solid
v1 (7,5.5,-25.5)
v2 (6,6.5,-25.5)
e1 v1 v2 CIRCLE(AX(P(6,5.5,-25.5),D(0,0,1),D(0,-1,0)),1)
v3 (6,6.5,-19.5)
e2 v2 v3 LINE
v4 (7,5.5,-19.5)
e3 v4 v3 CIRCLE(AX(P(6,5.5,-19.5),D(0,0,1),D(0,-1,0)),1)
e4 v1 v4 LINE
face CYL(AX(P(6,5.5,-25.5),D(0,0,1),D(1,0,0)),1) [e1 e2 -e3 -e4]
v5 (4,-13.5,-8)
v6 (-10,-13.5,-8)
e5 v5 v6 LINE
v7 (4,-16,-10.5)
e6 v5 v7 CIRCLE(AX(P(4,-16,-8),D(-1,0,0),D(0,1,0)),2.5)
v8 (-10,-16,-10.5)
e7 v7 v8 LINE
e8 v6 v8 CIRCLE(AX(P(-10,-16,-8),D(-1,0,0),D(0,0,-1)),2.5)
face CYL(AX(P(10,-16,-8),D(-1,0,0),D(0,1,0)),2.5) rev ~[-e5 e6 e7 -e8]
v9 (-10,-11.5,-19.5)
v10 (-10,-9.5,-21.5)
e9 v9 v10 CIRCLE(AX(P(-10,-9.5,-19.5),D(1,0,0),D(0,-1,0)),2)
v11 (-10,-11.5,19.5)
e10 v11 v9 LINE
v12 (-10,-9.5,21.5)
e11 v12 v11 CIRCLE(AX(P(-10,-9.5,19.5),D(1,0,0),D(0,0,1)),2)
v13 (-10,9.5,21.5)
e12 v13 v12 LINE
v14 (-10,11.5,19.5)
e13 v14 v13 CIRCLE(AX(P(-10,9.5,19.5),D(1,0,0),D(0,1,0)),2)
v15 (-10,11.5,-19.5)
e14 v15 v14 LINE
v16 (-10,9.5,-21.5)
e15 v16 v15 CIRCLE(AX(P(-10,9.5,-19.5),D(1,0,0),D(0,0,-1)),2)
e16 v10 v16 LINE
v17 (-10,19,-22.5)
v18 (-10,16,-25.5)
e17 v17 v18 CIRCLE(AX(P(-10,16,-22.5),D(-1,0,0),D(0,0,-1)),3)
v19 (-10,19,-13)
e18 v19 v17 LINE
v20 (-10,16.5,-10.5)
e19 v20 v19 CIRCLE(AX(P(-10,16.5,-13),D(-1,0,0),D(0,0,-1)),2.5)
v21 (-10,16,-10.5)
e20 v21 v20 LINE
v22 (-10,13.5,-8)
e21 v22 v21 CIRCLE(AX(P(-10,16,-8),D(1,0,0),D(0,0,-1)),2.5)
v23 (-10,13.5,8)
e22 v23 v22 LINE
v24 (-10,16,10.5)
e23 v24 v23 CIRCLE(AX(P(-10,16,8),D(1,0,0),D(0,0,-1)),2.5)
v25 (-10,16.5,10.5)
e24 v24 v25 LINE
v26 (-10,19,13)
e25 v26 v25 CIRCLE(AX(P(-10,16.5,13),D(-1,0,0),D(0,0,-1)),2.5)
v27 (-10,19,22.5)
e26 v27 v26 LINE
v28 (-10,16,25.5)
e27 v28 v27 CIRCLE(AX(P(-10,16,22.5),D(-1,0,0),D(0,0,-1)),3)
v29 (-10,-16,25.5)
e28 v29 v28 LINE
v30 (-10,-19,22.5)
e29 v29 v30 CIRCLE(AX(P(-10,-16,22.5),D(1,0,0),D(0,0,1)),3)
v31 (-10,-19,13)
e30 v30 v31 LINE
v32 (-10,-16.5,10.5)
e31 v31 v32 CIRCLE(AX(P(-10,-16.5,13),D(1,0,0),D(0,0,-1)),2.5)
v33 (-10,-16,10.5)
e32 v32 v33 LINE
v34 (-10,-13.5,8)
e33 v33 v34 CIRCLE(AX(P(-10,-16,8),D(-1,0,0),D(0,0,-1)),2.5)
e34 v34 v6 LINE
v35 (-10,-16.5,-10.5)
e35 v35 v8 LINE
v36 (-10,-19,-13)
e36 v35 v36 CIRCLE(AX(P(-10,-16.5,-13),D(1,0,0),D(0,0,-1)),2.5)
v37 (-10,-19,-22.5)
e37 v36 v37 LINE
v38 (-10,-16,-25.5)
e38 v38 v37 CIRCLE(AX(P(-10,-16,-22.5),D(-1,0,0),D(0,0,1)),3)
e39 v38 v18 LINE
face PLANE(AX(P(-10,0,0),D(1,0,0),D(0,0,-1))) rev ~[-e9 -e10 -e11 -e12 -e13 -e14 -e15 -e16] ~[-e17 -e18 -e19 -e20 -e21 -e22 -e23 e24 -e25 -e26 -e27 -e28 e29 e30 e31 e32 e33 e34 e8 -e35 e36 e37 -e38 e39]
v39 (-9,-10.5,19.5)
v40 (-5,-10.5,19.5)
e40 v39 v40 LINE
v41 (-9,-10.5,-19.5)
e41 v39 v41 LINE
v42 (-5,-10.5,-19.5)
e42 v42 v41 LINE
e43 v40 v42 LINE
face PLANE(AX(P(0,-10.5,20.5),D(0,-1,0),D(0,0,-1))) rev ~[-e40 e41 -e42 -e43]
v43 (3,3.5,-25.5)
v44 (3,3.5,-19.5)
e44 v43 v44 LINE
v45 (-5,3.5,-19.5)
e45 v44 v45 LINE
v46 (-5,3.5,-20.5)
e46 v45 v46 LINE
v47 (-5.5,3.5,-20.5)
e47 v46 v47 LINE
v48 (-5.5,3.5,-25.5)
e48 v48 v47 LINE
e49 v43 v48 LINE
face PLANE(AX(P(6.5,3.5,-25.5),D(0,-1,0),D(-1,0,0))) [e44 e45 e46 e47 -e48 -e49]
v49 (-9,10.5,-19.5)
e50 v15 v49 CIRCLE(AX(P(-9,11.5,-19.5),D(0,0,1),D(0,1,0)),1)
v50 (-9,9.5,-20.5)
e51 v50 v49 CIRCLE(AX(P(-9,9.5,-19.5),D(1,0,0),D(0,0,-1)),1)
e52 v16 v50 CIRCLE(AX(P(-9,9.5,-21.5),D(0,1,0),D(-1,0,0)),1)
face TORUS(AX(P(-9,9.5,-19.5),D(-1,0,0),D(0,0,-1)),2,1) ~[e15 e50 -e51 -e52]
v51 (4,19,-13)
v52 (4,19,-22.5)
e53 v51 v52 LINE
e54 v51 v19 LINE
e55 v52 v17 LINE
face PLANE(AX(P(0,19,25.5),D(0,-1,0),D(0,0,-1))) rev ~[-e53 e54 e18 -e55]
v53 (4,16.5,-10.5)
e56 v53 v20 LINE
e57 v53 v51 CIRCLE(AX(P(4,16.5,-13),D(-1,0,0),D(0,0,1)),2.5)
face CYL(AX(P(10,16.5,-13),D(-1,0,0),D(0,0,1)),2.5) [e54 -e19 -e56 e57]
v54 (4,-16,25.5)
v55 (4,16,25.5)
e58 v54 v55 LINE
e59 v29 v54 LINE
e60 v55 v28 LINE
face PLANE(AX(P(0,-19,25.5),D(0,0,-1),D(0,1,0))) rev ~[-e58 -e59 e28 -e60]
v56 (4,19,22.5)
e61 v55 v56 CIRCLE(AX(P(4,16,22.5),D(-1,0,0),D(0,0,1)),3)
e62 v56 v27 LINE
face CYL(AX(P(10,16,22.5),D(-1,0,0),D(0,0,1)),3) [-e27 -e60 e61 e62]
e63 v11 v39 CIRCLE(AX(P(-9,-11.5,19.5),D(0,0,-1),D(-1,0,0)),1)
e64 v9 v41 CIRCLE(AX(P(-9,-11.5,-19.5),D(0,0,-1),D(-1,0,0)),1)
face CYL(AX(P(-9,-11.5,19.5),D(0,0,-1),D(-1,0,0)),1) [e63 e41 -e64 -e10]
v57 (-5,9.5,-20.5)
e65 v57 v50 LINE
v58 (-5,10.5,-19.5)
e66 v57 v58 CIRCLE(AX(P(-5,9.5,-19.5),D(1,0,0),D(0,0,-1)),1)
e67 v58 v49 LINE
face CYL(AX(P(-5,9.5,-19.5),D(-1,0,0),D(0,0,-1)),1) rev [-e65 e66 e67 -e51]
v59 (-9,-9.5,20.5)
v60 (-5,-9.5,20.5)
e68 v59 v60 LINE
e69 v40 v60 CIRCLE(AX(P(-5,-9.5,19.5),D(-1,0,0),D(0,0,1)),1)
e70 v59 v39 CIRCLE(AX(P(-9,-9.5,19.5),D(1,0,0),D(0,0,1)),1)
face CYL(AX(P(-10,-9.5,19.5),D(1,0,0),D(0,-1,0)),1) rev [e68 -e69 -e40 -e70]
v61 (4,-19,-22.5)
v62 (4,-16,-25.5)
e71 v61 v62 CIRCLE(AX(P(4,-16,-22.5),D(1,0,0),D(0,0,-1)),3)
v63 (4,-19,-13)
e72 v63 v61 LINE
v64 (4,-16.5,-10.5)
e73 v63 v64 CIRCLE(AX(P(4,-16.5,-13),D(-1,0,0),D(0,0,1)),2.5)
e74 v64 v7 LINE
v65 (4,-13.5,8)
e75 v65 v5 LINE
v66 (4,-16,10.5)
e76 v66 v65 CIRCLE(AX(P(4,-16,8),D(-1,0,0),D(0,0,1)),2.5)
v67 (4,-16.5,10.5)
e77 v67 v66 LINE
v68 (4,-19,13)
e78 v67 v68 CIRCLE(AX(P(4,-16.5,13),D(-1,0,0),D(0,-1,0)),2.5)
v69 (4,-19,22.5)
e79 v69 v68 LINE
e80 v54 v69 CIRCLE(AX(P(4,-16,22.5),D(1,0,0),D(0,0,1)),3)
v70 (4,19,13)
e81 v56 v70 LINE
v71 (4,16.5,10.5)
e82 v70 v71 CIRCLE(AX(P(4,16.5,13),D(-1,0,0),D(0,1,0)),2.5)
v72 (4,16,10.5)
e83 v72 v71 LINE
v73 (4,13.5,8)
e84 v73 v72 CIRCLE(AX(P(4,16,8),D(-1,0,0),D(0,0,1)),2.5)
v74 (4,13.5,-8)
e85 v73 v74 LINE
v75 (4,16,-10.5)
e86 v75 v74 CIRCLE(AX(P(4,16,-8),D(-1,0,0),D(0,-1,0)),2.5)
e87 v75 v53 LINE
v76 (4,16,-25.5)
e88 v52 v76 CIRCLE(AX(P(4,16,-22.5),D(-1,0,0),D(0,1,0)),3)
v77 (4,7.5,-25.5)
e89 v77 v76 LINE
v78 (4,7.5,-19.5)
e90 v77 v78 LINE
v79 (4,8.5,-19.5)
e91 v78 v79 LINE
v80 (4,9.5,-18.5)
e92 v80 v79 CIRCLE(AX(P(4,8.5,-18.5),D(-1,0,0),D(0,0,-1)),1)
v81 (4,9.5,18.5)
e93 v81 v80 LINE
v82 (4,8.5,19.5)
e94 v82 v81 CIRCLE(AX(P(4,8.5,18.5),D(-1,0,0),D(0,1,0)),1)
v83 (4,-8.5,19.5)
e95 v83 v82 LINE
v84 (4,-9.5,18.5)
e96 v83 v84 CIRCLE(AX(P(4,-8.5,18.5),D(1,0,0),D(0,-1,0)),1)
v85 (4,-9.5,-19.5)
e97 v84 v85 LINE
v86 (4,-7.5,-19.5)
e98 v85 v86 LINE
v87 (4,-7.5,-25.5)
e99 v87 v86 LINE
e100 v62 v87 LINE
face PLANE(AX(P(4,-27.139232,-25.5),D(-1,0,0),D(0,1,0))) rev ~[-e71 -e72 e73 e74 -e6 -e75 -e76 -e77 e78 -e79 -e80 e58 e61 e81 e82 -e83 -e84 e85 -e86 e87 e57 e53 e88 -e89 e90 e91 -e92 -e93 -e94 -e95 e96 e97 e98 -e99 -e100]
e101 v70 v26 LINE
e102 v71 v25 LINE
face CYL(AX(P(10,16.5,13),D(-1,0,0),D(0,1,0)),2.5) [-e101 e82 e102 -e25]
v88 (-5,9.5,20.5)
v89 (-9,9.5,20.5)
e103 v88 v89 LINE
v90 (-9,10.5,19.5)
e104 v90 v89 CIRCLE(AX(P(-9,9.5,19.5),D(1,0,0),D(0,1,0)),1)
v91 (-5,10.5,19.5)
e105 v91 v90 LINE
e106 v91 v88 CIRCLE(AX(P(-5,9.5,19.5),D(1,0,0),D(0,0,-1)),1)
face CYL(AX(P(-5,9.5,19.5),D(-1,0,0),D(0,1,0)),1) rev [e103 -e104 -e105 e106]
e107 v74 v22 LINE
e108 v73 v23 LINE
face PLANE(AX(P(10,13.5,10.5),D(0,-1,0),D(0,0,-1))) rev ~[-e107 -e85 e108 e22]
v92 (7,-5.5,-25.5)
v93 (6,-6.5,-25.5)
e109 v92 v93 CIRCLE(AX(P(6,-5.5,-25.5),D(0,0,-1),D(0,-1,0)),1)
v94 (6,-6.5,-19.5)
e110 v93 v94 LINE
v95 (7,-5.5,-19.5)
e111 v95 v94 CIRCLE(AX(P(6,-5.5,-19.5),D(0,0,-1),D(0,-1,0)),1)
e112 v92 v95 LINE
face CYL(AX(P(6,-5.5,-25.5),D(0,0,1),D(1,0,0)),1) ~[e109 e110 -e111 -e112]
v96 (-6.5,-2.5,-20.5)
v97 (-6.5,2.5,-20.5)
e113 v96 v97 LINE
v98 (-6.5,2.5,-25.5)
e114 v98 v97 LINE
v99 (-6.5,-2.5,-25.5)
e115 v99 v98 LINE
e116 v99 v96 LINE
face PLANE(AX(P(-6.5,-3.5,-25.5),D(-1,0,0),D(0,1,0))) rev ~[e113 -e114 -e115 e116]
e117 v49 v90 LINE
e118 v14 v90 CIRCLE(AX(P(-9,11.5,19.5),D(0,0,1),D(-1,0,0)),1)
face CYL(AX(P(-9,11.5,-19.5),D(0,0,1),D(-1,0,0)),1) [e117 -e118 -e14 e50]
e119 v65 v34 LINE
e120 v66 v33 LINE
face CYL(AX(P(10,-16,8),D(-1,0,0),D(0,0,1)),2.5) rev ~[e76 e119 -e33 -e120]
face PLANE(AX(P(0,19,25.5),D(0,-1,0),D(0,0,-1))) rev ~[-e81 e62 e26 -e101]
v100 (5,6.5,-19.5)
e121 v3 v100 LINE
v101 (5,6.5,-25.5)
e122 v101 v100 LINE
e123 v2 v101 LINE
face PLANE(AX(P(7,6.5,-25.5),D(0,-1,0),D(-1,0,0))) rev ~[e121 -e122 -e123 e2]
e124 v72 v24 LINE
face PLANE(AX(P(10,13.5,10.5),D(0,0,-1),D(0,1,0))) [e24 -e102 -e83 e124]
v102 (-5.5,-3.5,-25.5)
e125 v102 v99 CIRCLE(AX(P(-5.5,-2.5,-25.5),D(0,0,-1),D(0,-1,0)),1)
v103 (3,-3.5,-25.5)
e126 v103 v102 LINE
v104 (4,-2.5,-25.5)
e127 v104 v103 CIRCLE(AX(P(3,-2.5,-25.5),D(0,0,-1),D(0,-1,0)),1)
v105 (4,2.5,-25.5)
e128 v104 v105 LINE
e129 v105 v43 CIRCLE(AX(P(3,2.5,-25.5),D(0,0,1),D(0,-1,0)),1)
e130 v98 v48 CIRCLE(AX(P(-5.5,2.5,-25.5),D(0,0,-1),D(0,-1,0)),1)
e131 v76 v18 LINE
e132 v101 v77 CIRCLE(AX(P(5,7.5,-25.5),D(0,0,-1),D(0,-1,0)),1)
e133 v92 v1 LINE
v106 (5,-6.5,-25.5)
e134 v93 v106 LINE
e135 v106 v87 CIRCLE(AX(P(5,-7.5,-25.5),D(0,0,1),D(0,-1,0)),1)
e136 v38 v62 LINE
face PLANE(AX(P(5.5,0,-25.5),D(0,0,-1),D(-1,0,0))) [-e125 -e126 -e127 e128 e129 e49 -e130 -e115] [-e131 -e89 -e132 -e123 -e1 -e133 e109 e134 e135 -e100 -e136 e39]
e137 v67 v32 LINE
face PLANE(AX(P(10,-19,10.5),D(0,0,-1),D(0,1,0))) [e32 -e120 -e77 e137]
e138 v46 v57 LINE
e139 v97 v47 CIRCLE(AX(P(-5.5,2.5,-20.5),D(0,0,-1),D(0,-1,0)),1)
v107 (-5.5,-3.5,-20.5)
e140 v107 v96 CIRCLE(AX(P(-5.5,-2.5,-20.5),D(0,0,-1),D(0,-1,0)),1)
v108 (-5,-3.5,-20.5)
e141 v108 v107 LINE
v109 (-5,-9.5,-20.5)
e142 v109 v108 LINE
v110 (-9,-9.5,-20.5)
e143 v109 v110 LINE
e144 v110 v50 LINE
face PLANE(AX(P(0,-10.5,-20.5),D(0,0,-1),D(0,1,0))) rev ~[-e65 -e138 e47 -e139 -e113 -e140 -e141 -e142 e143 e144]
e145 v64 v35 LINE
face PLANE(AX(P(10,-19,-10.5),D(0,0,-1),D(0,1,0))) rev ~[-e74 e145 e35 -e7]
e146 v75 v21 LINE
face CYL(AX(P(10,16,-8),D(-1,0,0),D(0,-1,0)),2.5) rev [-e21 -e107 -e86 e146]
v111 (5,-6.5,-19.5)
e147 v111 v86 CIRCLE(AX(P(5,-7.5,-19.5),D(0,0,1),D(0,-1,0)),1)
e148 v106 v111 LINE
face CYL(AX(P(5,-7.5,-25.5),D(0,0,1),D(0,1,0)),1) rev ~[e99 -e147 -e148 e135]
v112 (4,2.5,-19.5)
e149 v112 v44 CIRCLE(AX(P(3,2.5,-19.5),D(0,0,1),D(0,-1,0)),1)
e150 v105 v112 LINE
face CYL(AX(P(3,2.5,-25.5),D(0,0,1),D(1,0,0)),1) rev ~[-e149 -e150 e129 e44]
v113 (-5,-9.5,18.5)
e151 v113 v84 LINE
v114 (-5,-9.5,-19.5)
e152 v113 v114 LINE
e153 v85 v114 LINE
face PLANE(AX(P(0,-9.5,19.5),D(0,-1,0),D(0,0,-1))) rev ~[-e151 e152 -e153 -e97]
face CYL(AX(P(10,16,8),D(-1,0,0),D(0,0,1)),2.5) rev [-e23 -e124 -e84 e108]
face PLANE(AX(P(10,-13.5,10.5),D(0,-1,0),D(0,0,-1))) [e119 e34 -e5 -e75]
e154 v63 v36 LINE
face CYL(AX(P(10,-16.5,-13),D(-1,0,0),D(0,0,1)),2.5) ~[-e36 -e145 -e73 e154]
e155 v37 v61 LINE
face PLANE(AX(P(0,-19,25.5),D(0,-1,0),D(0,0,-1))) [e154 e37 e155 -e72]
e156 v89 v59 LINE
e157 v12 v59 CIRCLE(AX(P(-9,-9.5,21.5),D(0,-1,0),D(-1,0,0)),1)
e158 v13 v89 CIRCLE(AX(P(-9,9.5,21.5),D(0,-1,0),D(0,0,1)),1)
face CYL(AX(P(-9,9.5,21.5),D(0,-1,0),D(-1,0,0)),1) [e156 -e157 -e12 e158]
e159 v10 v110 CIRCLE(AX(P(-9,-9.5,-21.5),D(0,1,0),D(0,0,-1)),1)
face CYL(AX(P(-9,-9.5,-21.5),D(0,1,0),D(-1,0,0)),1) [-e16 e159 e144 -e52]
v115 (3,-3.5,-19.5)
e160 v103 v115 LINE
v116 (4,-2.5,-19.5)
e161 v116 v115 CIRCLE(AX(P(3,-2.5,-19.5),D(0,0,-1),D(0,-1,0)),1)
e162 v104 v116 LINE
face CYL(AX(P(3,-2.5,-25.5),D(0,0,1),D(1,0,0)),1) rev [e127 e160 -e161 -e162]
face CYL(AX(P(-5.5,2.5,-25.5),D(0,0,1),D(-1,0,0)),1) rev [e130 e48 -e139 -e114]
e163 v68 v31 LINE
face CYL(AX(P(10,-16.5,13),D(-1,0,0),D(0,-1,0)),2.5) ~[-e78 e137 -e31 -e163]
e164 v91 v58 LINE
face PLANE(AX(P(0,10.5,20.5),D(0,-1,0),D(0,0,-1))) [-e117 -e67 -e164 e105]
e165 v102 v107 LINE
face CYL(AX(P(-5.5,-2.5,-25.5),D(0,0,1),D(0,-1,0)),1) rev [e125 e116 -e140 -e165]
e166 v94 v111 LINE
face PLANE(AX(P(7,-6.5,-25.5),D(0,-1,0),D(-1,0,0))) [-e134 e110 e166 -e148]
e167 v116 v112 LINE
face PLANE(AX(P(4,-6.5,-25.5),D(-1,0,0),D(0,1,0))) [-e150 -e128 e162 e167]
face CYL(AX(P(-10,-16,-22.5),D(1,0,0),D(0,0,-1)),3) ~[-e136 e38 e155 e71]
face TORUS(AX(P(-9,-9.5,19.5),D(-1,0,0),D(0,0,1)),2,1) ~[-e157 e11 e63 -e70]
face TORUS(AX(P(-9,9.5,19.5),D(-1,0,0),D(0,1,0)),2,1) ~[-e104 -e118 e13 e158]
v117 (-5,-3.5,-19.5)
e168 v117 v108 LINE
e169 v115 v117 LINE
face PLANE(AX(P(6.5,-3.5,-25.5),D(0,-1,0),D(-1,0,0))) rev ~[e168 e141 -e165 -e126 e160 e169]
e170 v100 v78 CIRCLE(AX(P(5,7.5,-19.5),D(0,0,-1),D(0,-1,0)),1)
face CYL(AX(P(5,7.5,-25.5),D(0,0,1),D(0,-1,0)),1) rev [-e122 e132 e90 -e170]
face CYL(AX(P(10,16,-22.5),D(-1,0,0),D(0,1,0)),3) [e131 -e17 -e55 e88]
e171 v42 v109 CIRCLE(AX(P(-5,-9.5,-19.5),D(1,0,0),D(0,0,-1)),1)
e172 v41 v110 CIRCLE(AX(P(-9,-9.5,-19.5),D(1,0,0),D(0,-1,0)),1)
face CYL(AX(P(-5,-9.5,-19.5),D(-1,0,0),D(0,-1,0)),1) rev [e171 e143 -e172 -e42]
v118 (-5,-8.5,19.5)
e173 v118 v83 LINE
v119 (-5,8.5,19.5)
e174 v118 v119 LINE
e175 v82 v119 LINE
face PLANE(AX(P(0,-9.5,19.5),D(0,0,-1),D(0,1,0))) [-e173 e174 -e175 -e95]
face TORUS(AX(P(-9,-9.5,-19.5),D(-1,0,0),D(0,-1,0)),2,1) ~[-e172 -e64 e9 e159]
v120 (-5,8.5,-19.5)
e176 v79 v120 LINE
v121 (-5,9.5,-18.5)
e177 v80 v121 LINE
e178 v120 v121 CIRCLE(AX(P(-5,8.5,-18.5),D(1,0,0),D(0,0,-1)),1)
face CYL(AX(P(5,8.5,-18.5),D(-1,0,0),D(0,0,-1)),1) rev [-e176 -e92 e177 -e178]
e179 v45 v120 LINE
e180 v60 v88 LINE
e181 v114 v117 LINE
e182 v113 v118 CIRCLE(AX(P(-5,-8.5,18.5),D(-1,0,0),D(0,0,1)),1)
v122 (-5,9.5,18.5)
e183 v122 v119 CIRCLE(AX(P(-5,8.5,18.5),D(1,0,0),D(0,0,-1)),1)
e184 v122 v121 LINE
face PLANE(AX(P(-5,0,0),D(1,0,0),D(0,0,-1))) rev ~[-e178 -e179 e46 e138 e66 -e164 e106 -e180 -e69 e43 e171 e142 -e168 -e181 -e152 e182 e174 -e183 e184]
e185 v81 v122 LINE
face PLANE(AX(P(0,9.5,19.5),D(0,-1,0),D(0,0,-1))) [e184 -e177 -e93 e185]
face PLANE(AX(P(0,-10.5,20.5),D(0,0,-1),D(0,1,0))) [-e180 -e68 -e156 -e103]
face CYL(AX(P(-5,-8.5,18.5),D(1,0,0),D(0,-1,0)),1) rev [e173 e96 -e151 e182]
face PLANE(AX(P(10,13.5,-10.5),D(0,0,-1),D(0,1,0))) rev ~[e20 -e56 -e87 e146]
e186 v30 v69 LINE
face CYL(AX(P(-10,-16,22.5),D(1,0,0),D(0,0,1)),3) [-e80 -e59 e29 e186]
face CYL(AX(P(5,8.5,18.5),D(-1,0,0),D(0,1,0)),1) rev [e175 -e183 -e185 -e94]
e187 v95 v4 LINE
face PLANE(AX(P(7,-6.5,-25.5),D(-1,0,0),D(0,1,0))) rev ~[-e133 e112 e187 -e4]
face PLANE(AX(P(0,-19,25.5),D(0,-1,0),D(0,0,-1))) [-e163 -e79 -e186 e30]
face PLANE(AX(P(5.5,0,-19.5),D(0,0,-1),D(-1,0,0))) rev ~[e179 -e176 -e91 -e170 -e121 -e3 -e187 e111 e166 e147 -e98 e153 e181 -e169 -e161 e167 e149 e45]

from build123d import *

# Parameters (mm, degrees)
SKETCH1_W                   = 51
SKETCH1_H                   = 38
SKETCH1_W_2                 = 41
SKETCH1_H_2                 = 21
MAIN_BODY_DEPTH             = 10
SKETCH2_W                   = 41
SKETCH2_H                   = 21
SKETCH2_W_2                 = 39
SKETCH2_H_2                 = 19
END_STOP_DEPTH              = 5
CONTOURING_R                = 1
SKETCH4_W                   = 21
SKETCH4_H                   = 5.5
CLEARANCE_MIDDLE_DEPTH      = 21
EDGE_CONTOURING_R           = 3
INNER_CONTOURING_R          = 2.5
FIT_CONTOURING_R            = 1
SKETCH5_W                   = 15.358498738
SKETCH5_H                   = 54.278463244
SINGLE_CUT_DEPTH            = 52
SKETCH6_W                   = 13
SKETCH6_H                   = 7
CLEARANCE_WIRE_DEPTH        = 6
SKETCH7_W                   = 3
SKETCH7_H                   = 13
WIRE_CAP_DEPTH              = 6
WIRE_CLEARANCE_CONTOURING_R = 1


with BuildPart() as part:
    # Sketch1 → Main Body (new body, symmetric)
    with BuildSketch(Plane(origin=(0, 0, 0), x_dir=(0, 0, -1), z_dir=(1, 0, 0))):
        Rectangle(SKETCH1_W, SKETCH1_H)
        Rectangle(SKETCH1_W_2, SKETCH1_H_2, mode=Mode.SUBTRACT)
    extrude(amount=MAIN_BODY_DEPTH, both=True)

    # Sketch2 → End Stop (add, symmetric)
    with BuildSketch(Plane(origin=(0, 0, 0), x_dir=(0, 0, -1), z_dir=(1, 0, 0))):
        Rectangle(SKETCH2_W, SKETCH2_H)
        Rectangle(SKETCH2_W_2, SKETCH2_H_2, mode=Mode.SUBTRACT)
    extrude(amount=END_STOP_DEPTH, both=True)

    # Contouring
    contouring_edges = [part.edges().sort_by_distance(p)[0] for p in [
        (7.5, 10.5, 20.5),
        (7.5, -10.5, 20.5),
        (7.5, -10.5, -20.5),
        (7.5, 10.5, -20.5),
        (-7.5, 10.5, -20.5),
        (-7.5, 10.5, 20.5),
        (-7.5, -10.5, -20.5),
        (-7.5, -10.5, 20.5),
        (0, 9.5, 19.5),
        (0, -9.5, 19.5),
        (0, 9.5, -19.5),
    ]]
    fillet(contouring_edges, radius=CONTOURING_R)

    # Sketch4 → Clearance - Middle (cut, through all)
    with BuildSketch(Plane(origin=(10, 0, 0), x_dir=(0, 0, -1), z_dir=(1, 0, 0))):
        with Locations((0, 16.25)):
            Rectangle(SKETCH4_W, SKETCH4_H)
        with Locations((0, -16.25)):
            Rectangle(SKETCH4_W, SKETCH4_H)
    extrude(amount=-CLEARANCE_MIDDLE_DEPTH, mode=Mode.SUBTRACT)

    # Edge Contouring
    edge_contouring_edges = [part.edges().sort_by_distance(p)[0] for p in [
        (0, 19, 25.5),
        (0, 19, -25.5),
        (0, -19, -25.5),
        (0, -19, 25.5),
    ]]
    fillet(edge_contouring_edges, radius=EDGE_CONTOURING_R)

    # Inner Contouring
    inner_contouring_edges = [part.edges().sort_by_distance(p)[0] for p in [
        (0, 13.5, 10.5),
        (0, 19, 10.5),
        (0, 19, -10.5),
        (0, 13.5, -10.5),
        (0, -19, -10.5),
        (0, -19, 10.5),
        (0, -13.5, 10.5),
        (0, -13.5, -10.5),
    ]]
    fillet(inner_contouring_edges, radius=INNER_CONTOURING_R)

    # Fit Contouring
    fit_contouring_edges = [part.edges().sort_by_distance(p)[0] for p in [
        (-10, -10.5, 0),
        (-10, 0, -20.5),
        (-10, 0, 20.5),
        (10, 0, -20.5),
        (10, 10.5, 0),
        (-10, 10.5, 0),
        (10, 0, 20.5),
        (10, -10.5, 0),
        (-10, -10.207106781, -20.207106781),
        (-10, -10.207106781, 20.207106781),
        (10, 10.207106781, -20.207106781),
        (-10, 10.207106781, -20.207106781),
        (-10, 10.207106781, 20.207106781),
        (10, 10.207106781, 20.207106781),
        (10, -10.207106781, 20.207106781),
        (10, -10.207106781, -20.207106781),
    ]]
    fillet(fit_contouring_edges, radius=FIT_CONTOURING_R)

    # Sketch5 → Single Cut (cut, through all)
    with BuildSketch(Plane(origin=(0, 0, -25.5), x_dir=(-1, 0, 0), z_dir=(0, 0, -1))):
        with Locations((-11.679249369, 0)):
            Rectangle(SKETCH5_W, SKETCH5_H)
    extrude(amount=-SINGLE_CUT_DEPTH, mode=Mode.SUBTRACT)

    # Sketch6 → Clearance - Wire (cut)
    with BuildSketch(Plane(origin=(0, 0, -25.5), x_dir=(-1, 0, 0), z_dir=(0, 0, -1))):
        Rectangle(SKETCH6_W, SKETCH6_H)
    extrude(amount=-CLEARANCE_WIRE_DEPTH, mode=Mode.SUBTRACT)

    # Sketch7 → Wire Cap (add)
    with BuildSketch(Plane(origin=(0, 0, -25.5), x_dir=(-1, 0, 0), z_dir=(0, 0, -1))):
        with Locations((-5.5, 0)):
            Rectangle(SKETCH7_W, SKETCH7_H)
    extrude(amount=-WIRE_CAP_DEPTH)

    # Wire Clearance Contouring
    wire_clearance_contouring_edges = [part.edges().sort_by_distance(p)[0] for p in [
        (4, -3.5, -22.5),
        (4, 3.5, -22.5),
        (-6.5, -3.5, -23),
        (-6.5, 3.5, -23),
        (4, 6.5, -22.5),
        (7, 6.5, -22.5),
        (7, -6.5, -22.5),
        (4, -6.5, -22.5),
    ]]
    fillet(wire_clearance_contouring_edges, radius=WIRE_CLEARANCE_CONTOURING_R)


solid = part.part
